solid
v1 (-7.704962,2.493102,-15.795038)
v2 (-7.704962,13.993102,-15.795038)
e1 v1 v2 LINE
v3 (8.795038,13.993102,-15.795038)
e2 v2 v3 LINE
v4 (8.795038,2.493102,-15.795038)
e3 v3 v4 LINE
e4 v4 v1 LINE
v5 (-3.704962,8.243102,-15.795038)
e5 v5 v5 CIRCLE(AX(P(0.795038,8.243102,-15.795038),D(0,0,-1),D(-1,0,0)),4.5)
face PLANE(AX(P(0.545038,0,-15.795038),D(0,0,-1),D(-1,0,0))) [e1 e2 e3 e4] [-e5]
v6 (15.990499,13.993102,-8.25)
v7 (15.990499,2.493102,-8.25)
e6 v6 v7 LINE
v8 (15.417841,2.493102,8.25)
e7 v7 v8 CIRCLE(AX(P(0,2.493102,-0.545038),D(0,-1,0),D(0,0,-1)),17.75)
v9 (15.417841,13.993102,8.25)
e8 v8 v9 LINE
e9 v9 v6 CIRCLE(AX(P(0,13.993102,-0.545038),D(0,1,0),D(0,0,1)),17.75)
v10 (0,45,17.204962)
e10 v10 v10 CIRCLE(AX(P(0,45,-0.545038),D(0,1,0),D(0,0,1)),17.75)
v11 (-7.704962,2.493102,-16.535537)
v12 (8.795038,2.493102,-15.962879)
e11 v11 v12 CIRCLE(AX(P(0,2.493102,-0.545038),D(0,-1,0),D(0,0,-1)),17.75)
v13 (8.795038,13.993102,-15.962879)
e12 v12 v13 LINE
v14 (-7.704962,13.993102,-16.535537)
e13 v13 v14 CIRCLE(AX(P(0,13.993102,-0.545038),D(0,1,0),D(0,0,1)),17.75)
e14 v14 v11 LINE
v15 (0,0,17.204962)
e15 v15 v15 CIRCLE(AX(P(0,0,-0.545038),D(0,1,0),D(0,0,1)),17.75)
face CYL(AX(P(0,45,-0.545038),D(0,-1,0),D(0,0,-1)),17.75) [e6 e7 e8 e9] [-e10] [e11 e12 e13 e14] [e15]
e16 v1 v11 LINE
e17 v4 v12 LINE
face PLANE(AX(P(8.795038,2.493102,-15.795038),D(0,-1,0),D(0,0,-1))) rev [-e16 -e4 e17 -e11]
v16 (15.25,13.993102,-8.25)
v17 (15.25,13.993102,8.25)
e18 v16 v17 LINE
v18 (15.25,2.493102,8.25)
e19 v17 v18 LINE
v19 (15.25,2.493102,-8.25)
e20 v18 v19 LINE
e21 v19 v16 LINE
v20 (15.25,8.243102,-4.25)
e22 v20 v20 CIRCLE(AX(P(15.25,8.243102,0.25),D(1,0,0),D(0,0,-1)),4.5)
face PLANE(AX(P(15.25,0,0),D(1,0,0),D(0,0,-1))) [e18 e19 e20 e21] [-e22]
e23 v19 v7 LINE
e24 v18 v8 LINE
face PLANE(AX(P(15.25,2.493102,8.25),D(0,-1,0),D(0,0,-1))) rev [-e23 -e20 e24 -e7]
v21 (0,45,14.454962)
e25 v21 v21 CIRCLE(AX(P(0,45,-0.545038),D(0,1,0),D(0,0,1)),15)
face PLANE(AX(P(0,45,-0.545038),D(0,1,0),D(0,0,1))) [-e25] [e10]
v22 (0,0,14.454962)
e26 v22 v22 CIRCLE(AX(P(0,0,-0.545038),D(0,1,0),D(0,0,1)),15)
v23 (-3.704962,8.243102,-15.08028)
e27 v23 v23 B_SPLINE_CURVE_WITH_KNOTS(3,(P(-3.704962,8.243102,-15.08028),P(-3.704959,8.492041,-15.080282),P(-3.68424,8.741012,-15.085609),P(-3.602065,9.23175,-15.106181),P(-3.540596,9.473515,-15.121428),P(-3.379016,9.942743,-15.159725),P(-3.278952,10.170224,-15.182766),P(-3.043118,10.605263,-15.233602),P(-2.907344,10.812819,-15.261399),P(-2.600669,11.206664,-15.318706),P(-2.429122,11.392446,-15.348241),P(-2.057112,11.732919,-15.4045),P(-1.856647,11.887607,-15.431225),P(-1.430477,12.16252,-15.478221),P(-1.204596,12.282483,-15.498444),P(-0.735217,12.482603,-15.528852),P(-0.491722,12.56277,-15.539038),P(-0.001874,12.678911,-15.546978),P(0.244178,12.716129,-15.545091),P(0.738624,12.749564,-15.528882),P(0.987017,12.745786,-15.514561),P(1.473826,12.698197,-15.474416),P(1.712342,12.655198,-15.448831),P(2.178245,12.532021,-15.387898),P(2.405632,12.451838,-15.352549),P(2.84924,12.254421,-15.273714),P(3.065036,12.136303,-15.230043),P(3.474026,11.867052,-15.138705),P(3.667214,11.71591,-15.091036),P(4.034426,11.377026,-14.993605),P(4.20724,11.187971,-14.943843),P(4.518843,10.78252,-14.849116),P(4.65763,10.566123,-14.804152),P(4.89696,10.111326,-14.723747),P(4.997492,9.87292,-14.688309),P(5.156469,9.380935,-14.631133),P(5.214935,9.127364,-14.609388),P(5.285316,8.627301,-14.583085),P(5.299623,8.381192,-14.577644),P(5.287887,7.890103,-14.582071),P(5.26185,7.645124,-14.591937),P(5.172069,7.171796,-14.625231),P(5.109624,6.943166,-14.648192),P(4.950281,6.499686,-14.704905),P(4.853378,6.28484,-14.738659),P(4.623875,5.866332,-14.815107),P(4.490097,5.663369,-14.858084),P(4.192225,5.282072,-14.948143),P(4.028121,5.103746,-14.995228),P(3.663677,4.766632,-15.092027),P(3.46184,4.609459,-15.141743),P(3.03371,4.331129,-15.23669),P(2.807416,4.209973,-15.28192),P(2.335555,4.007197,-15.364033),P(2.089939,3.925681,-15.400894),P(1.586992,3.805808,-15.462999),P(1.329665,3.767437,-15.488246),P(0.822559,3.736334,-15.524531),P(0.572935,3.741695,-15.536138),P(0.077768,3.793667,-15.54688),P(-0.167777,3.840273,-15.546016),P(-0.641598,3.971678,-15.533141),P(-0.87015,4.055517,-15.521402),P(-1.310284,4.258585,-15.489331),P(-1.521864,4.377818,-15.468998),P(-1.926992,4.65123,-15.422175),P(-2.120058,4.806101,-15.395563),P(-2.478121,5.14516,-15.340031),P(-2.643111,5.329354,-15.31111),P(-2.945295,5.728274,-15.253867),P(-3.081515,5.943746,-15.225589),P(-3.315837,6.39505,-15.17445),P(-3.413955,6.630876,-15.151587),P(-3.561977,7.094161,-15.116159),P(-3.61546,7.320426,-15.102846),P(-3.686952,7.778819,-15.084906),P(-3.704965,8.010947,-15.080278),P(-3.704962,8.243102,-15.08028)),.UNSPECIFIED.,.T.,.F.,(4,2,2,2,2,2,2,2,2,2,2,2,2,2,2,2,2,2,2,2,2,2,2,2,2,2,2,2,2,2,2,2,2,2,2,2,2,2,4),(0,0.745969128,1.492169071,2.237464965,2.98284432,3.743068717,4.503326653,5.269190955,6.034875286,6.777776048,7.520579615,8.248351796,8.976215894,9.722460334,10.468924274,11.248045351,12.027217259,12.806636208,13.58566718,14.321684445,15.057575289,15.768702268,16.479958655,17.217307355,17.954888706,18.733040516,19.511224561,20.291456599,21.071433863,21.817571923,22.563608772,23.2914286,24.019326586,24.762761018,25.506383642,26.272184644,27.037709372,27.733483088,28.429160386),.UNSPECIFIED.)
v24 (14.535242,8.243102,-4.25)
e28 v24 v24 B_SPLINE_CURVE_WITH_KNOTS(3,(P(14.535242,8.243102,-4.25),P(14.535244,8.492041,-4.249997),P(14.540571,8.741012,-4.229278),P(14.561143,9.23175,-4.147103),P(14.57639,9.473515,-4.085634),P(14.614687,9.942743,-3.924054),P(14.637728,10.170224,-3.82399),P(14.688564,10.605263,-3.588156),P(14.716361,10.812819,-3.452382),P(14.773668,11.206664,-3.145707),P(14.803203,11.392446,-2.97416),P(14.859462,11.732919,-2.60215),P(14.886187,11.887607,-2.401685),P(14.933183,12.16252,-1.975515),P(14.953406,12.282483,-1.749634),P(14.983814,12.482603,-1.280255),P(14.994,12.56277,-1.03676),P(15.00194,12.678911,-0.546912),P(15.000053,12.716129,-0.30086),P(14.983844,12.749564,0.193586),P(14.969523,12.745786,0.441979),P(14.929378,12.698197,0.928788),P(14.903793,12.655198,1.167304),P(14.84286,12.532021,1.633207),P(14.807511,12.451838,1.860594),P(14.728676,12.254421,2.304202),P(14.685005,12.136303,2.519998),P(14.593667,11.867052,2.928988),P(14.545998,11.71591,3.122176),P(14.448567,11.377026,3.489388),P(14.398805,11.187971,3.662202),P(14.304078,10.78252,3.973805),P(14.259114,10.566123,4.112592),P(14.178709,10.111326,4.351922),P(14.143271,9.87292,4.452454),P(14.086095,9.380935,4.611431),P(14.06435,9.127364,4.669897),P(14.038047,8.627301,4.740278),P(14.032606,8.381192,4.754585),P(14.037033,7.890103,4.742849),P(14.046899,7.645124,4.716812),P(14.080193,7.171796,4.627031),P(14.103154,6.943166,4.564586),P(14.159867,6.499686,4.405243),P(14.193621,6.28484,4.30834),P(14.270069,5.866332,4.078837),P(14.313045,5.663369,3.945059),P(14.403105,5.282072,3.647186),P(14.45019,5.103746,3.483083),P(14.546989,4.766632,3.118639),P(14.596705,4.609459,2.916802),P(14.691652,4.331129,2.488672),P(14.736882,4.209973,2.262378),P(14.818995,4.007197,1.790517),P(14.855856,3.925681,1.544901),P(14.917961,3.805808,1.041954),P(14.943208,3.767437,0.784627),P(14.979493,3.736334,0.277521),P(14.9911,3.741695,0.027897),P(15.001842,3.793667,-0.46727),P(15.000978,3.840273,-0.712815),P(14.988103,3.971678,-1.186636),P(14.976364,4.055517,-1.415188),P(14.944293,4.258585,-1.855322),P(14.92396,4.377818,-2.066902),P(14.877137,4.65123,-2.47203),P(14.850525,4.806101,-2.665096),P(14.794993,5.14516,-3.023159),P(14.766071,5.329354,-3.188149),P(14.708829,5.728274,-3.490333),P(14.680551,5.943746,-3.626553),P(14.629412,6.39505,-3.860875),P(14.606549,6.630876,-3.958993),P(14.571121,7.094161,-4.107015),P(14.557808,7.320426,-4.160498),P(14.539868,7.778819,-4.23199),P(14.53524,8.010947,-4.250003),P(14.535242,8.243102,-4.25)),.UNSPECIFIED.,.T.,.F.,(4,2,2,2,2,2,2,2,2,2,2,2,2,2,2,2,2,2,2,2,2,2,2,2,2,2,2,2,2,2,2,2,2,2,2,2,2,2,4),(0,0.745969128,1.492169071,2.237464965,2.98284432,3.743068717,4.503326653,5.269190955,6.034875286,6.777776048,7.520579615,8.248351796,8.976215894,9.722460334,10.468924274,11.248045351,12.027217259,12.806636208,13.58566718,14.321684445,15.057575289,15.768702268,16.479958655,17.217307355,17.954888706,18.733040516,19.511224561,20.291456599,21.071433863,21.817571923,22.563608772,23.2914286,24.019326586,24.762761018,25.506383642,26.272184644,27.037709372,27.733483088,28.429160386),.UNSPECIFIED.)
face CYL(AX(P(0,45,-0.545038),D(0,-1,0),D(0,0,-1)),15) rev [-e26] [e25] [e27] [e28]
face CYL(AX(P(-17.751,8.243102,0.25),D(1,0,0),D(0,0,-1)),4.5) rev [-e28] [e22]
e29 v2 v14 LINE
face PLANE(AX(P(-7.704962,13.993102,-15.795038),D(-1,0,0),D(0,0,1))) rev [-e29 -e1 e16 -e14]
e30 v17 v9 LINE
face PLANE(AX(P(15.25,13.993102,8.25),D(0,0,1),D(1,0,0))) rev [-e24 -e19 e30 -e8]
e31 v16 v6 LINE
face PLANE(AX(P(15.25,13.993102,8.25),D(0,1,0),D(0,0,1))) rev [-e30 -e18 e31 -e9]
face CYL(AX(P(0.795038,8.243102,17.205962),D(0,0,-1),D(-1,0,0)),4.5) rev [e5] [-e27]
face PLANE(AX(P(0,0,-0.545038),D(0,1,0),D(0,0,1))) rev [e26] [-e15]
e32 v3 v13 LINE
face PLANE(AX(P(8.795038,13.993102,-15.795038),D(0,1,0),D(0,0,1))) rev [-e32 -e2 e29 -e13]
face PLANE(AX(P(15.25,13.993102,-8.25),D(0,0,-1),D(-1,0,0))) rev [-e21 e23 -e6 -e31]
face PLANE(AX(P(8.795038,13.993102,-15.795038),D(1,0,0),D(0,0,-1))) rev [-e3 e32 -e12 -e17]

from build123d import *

# Parameters (mm, degrees)
SKETCH1_R               = 17.75
SKETCH1_R_2             = 15
BOSS_EXTRUDE1_DEPTH     = 45
SKETCH2_W               = 16.5
SKETCH2_H               = 11.5
CUT_EXTRUDE1_DEPTH      = 2.5
CUT_EXTRUDE2_REACH      = 60.726
CUT_EXTRUDE2_END_RADIUS = 15
SKETCH3_R               = 4.5
CIRPATTERN1_COUNT       = 2
CIRPATTERN1_ANGLE       = 90


with BuildPart() as part:
    # Sketch1 → Boss-Extrude1 (new body)
    with BuildSketch(Plane(origin=(0, 0, 0), x_dir=(1, 0, 0), z_dir=(0, 1, 0))):
        with Locations(Location((0, 0.545038043, 0), (0, 0, 90))):
            Circle(SKETCH1_R)
        with Locations(Location((0, 0.545038043, 0), (0, 0, 90))):
            Circle(SKETCH1_R_2, mode=Mode.SUBTRACT)
    extrude(amount=BOSS_EXTRUDE1_DEPTH)

    # Sketch2 → Cut-Extrude1 (cut)
    with BuildSketch(Plane(origin=(17.75, 0, 0), x_dir=(0, 0, -1), z_dir=(1, 0, 0))):
        with Locations((0, 8.243102377)):
            Rectangle(SKETCH2_W, SKETCH2_H)
    cut_extrude1 = extrude(amount=-CUT_EXTRUDE1_DEPTH, mode=Mode.SUBTRACT)

    # Cut-Extrude2: up to this cylinder (the profile starts outside it)
    cut_extrude2_end = Plane(origin=(0, 8.243102, -0.545038043), z_dir=(0, -1, 0)) * Cylinder(CUT_EXTRUDE2_END_RADIUS, 152.452, mode=Mode.PRIVATE)
    # Sketch3 → Cut-Extrude2 (cut, up to the surface)
    with BuildSketch(Plane(origin=(15.25, 0, 0), x_dir=(0, 0, -1), z_dir=(1, 0, 0)), mode=Mode.PRIVATE) as cut_extrude2_sk1:
        with Locations((-0.25, 8.243102377)):
            Circle(SKETCH3_R)
    cut_extrude2_tool1 = extrude(cut_extrude2_sk1.sketch, amount=-CUT_EXTRUDE2_REACH, mode=Mode.PRIVATE) - cut_extrude2_end
    cut_extrude2 = cut_extrude2_tool1.solids().sort_by_distance((15.25, 8.243102, 0.25))[0]
    add(cut_extrude2, mode=Mode.SUBTRACT)

    # CirPattern1: Cut-Extrude1, Cut-Extrude2 ×2 about axis
    cirpattern1_axis = Axis((0, 0, -0.545038043), (0, 1, 0))
    add([cut_extrude1.rotate(cirpattern1_axis, i * CIRPATTERN1_ANGLE / (CIRPATTERN1_COUNT - 1)) for i in range(1, CIRPATTERN1_COUNT)], mode=Mode.SUBTRACT)
    add([cut_extrude2.rotate(cirpattern1_axis, i * CIRPATTERN1_ANGLE / (CIRPATTERN1_COUNT - 1)) for i in range(1, CIRPATTERN1_COUNT)], mode=Mode.SUBTRACT)


solid = part.part
